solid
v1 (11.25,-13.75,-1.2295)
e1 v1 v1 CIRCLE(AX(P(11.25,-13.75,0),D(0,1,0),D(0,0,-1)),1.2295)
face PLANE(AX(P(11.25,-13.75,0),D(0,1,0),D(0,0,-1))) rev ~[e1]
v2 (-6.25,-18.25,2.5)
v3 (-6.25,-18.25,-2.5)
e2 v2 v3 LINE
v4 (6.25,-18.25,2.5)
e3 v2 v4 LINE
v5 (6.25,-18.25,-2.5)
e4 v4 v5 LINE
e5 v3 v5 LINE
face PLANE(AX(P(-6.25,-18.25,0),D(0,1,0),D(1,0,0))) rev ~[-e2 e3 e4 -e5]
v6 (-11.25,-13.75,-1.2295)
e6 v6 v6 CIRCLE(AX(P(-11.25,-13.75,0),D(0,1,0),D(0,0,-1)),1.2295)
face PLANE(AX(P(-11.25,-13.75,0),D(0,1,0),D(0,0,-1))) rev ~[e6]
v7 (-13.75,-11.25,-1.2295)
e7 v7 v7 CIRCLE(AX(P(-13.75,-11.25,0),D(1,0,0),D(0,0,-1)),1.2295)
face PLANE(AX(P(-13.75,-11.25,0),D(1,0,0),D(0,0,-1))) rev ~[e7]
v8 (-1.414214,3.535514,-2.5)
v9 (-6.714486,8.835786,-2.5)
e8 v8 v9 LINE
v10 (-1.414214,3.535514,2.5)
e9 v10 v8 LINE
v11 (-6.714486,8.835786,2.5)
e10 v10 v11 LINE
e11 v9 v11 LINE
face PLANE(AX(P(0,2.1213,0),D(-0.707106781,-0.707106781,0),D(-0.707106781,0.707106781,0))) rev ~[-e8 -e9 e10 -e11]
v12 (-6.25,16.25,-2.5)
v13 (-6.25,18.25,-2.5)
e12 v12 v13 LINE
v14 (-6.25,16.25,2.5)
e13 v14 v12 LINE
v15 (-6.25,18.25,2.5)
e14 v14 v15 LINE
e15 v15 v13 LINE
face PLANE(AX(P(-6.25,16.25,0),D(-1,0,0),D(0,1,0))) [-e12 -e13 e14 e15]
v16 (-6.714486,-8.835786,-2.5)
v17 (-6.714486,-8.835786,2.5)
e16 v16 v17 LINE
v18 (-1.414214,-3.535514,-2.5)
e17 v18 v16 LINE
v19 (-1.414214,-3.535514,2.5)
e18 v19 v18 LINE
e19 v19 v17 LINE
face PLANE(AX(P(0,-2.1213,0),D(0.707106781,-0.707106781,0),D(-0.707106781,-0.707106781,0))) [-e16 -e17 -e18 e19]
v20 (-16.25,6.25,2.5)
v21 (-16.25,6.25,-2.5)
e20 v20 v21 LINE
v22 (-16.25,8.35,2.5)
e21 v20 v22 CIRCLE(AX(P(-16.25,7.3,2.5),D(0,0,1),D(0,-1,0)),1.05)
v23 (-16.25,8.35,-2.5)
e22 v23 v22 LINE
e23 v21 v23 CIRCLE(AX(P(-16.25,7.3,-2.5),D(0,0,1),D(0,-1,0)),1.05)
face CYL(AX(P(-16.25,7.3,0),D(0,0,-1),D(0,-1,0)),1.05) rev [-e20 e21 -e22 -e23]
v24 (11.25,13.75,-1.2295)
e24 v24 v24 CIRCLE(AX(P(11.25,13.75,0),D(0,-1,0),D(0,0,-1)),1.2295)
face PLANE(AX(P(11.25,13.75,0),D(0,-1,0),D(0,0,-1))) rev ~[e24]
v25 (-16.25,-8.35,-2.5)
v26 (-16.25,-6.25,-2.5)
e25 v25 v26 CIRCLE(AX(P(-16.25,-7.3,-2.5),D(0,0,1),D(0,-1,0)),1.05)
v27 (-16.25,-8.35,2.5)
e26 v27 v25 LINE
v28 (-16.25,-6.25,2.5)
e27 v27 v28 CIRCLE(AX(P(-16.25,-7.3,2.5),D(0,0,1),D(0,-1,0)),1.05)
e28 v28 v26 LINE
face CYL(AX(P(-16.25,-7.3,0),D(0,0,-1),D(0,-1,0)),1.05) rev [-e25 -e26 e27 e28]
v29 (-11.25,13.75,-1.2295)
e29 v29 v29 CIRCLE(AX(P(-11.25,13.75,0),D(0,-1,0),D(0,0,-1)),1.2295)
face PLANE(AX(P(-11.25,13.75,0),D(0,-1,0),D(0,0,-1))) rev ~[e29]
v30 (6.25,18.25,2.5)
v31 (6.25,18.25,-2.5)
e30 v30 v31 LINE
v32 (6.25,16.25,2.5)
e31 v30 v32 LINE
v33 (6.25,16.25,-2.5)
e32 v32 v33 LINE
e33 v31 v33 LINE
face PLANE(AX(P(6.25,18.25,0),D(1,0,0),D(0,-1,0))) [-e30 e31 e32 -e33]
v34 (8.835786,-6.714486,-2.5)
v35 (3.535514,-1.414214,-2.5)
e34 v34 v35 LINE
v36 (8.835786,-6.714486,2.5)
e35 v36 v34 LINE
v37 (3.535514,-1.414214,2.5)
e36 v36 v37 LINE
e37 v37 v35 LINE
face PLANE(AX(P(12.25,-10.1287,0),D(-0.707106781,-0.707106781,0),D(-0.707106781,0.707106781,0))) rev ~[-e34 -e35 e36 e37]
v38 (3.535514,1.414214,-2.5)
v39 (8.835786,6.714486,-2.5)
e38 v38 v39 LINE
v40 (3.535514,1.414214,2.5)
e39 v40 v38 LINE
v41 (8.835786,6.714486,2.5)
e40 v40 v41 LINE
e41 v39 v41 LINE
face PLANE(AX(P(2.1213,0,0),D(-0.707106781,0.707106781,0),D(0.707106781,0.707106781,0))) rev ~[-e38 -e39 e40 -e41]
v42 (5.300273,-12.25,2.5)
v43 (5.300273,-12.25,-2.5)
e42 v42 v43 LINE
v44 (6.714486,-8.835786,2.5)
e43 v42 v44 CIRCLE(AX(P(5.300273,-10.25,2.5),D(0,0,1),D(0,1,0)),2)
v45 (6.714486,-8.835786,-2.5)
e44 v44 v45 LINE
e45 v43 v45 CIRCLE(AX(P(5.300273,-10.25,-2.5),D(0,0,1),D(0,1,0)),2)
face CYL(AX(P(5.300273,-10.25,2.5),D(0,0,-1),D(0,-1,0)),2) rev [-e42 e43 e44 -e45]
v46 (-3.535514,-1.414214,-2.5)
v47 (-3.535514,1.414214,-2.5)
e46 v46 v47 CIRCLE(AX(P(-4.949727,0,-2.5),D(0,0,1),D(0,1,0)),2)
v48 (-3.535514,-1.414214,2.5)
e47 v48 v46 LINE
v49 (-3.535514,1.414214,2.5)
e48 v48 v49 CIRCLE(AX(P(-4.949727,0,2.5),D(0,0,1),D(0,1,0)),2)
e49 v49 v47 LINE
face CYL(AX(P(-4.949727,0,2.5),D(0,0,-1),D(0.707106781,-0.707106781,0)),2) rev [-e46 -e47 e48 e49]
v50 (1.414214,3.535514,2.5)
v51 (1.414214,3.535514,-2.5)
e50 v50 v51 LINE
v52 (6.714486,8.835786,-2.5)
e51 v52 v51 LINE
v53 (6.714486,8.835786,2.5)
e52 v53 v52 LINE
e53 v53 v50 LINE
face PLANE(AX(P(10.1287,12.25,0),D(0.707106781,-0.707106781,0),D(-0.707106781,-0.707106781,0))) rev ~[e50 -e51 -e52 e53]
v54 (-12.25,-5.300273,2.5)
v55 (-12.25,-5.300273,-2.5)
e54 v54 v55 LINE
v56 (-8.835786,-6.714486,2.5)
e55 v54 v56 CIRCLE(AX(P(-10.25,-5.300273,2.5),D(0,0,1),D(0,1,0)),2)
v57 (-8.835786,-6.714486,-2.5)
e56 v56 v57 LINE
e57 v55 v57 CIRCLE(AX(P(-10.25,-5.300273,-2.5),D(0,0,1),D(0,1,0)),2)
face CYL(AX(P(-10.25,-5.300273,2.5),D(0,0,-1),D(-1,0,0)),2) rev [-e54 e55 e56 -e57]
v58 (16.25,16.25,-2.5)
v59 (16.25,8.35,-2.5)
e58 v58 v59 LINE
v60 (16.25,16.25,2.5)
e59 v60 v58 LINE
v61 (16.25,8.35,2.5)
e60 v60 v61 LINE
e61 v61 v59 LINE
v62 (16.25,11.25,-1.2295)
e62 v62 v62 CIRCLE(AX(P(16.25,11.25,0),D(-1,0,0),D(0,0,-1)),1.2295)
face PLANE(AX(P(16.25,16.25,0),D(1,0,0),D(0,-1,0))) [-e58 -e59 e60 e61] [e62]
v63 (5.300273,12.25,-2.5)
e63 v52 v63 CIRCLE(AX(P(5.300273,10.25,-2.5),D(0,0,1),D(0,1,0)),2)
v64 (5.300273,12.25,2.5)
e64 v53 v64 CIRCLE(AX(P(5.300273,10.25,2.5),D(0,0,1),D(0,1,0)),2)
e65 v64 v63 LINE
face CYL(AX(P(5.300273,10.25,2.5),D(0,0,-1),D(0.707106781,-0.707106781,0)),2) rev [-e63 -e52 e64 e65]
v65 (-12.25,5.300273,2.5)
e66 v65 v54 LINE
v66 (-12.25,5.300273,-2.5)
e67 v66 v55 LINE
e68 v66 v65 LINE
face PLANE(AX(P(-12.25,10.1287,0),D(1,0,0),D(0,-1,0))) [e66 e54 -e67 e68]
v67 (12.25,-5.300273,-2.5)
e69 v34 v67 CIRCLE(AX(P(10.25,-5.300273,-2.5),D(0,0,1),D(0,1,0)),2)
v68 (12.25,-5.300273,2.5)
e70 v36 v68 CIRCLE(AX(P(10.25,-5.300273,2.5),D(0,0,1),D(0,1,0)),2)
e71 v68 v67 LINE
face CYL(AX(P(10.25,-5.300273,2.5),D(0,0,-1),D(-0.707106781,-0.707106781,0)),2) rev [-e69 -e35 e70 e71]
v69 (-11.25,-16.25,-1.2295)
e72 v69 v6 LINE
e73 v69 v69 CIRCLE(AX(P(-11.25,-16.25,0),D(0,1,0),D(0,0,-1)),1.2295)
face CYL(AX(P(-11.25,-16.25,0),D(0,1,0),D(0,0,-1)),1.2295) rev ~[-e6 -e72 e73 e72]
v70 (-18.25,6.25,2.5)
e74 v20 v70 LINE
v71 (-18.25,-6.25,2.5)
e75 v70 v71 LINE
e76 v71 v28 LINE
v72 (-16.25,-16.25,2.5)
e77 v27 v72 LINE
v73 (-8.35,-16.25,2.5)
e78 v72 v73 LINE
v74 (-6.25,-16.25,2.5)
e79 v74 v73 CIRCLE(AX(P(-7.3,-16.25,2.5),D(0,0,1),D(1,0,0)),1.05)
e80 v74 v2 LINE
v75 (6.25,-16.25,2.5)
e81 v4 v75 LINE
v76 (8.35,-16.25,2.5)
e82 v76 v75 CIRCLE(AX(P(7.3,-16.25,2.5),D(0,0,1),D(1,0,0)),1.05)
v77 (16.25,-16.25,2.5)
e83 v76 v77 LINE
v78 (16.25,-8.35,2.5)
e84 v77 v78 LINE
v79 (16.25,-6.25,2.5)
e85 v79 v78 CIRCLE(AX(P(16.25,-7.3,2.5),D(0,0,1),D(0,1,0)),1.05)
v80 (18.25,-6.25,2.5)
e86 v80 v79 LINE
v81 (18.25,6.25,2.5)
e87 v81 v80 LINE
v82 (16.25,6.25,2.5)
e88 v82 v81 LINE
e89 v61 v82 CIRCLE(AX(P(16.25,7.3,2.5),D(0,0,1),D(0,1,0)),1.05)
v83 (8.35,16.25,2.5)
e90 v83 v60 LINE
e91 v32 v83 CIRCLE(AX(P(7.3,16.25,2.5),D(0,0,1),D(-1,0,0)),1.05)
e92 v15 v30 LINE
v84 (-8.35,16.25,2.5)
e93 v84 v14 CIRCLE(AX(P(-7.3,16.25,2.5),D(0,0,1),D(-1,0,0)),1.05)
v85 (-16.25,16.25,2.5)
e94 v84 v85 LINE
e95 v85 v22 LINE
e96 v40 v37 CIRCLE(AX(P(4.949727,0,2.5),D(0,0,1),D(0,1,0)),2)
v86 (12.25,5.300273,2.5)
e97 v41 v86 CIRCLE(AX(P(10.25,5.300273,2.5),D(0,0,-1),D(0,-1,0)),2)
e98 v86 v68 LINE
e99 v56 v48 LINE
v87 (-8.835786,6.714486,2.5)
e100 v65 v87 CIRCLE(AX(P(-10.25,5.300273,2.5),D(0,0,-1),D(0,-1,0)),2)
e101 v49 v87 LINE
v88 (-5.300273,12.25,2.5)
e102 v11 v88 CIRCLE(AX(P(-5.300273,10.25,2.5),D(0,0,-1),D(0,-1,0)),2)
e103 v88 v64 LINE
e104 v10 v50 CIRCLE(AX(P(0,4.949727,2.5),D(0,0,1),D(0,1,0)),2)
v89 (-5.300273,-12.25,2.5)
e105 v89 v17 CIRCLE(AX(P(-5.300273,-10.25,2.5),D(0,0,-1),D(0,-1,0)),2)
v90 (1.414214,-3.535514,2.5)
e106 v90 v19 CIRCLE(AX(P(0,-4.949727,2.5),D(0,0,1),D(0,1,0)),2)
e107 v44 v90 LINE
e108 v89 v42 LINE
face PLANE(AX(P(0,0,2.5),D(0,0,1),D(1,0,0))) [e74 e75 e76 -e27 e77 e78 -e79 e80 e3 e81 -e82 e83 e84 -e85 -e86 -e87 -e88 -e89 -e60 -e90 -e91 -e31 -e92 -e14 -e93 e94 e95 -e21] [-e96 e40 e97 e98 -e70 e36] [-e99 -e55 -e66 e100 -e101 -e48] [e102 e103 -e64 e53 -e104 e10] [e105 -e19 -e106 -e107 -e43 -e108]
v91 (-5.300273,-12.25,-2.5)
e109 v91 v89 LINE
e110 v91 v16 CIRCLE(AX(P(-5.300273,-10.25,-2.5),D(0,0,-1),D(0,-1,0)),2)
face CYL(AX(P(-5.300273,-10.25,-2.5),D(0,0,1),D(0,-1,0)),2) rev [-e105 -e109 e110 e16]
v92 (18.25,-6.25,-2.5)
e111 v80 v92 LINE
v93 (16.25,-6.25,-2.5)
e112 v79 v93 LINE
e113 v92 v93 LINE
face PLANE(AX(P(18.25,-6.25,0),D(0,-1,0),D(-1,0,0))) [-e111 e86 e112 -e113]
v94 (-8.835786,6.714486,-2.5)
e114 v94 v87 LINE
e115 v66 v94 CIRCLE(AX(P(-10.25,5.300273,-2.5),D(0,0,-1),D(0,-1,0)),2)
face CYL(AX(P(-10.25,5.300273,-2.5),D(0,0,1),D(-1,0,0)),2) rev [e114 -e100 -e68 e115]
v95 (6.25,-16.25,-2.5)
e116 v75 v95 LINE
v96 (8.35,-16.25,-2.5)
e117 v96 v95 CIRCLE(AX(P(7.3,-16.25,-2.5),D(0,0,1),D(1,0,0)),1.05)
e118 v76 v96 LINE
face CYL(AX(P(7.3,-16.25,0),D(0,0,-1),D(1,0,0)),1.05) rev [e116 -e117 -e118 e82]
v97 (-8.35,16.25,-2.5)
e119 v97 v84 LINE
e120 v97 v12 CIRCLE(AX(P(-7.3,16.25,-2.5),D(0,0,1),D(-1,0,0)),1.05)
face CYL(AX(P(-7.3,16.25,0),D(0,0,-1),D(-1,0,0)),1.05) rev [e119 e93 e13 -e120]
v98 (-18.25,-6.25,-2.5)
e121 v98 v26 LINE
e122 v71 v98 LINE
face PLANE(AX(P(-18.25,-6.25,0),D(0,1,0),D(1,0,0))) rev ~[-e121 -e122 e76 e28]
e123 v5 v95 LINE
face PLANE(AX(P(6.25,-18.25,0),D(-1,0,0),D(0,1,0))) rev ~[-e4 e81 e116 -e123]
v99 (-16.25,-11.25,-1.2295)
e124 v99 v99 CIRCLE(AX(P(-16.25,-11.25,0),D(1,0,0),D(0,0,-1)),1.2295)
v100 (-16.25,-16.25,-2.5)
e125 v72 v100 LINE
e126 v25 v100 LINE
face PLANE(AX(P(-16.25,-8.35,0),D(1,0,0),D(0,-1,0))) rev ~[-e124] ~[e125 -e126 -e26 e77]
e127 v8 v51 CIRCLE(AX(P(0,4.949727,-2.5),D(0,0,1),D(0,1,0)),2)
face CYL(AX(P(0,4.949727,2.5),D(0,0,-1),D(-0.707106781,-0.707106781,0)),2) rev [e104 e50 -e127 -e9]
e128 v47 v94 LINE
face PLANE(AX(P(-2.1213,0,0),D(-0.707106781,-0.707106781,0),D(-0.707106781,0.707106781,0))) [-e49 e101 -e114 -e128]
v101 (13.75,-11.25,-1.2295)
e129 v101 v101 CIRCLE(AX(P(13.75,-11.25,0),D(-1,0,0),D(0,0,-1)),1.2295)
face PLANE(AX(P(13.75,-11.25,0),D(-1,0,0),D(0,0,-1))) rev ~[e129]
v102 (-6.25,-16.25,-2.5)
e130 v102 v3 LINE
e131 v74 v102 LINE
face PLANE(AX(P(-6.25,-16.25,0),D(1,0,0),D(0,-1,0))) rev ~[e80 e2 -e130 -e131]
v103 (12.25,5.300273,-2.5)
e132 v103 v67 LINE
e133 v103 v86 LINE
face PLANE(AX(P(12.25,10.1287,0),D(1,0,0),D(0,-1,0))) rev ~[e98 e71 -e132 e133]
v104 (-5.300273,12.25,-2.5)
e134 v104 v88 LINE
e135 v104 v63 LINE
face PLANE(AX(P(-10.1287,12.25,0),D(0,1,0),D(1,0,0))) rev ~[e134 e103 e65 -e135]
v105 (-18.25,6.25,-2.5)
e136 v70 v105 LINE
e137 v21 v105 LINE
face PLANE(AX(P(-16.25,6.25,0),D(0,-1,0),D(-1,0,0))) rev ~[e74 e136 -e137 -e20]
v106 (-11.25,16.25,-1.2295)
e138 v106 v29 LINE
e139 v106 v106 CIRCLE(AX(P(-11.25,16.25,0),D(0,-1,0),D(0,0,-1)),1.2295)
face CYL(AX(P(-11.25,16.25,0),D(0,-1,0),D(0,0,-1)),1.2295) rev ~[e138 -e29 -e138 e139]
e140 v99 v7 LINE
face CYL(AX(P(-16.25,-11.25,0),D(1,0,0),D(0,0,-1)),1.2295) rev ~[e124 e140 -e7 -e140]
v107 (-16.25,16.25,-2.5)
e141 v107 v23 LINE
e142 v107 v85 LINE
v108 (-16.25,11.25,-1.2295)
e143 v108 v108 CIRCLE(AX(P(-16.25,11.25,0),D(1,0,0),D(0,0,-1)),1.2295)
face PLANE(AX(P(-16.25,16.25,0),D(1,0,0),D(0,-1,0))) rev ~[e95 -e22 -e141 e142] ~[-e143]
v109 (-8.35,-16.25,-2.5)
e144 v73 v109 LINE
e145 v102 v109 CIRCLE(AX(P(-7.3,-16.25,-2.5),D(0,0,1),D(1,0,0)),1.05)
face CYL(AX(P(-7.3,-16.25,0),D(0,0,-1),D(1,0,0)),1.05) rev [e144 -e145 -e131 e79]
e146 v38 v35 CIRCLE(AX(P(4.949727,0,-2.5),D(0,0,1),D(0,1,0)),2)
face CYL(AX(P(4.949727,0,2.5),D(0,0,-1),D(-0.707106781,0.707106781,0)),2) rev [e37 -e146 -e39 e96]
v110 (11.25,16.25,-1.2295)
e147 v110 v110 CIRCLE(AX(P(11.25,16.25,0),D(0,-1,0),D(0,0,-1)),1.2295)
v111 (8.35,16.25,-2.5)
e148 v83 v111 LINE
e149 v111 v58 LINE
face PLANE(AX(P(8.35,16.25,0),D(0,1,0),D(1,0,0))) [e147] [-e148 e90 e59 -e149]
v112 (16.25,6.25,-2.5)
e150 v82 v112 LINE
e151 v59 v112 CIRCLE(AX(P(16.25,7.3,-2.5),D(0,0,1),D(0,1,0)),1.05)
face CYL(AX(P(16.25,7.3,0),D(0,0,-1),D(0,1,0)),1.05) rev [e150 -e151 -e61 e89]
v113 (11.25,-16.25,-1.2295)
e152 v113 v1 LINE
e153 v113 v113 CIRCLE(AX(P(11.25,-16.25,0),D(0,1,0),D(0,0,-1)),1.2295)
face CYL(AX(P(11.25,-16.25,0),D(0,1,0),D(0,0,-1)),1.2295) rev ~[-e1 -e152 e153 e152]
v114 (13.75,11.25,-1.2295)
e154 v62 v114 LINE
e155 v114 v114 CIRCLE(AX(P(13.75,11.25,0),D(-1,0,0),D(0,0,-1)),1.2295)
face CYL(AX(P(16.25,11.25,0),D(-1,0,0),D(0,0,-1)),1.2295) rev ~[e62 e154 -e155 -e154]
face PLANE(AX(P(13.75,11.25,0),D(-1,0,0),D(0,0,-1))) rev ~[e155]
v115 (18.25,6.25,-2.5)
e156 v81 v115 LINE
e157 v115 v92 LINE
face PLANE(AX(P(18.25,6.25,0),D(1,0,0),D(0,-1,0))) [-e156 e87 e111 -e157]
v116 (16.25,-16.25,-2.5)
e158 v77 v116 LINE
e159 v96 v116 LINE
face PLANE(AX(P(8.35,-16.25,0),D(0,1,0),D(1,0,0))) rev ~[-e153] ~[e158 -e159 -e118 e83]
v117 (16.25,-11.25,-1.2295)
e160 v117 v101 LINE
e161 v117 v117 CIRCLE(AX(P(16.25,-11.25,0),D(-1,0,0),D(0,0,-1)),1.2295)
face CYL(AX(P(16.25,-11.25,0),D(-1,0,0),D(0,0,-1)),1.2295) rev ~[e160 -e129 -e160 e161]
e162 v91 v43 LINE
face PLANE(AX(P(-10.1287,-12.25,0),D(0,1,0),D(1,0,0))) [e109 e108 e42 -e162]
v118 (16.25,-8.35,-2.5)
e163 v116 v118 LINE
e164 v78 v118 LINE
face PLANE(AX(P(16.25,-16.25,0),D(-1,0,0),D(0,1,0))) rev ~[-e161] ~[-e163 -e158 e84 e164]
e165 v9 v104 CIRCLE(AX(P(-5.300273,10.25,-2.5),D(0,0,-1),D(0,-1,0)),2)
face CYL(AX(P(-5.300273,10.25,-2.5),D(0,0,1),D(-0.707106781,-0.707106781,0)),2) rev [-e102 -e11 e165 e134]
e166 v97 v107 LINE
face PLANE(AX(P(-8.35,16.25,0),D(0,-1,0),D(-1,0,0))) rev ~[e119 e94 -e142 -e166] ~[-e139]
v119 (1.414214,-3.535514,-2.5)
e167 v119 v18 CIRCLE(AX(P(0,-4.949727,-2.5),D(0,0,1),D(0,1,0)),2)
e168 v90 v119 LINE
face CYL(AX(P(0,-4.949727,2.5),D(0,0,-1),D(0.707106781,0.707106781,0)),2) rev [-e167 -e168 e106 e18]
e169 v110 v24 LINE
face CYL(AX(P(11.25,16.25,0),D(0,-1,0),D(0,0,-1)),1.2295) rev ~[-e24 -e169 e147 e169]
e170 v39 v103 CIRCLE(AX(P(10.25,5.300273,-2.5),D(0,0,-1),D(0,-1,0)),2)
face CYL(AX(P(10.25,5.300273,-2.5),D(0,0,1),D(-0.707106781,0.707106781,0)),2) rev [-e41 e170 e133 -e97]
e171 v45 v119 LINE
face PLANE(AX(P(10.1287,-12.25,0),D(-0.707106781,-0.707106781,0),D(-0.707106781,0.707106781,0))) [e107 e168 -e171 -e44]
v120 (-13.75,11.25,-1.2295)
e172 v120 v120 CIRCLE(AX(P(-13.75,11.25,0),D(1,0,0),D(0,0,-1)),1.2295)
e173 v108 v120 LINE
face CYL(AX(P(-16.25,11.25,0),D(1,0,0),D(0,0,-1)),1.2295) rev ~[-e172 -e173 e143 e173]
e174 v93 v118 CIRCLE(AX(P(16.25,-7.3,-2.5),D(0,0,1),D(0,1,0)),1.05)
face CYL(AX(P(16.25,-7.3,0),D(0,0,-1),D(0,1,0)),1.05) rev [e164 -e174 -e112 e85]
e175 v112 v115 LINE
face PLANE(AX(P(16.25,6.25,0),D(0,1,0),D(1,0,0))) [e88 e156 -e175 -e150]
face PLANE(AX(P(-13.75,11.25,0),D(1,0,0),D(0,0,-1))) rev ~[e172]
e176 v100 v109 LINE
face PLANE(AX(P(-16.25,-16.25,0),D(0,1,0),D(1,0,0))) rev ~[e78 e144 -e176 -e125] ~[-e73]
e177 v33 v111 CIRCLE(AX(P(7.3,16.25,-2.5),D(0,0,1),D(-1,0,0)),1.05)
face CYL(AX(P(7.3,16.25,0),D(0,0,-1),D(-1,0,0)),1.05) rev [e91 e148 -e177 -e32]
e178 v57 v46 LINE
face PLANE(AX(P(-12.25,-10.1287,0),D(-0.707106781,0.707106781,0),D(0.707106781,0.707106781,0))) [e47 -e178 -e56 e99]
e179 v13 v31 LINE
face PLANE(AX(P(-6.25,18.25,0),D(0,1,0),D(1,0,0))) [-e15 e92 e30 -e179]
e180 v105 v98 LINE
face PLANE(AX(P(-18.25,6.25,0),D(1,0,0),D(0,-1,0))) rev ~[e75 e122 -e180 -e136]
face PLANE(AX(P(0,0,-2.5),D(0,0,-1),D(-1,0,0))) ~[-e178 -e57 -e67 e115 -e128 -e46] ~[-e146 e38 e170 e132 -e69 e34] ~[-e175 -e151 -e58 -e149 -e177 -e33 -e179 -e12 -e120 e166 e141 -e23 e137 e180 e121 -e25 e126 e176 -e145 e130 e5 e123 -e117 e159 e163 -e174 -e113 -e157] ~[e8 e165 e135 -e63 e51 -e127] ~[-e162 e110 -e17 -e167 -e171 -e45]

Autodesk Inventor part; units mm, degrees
ref_plane "YZ Plane" through (0, 0, 0) normal (1, 0, 0) x (0, 1, 0)
ref_plane "XZ Plane" through (0, 0, 0) normal (0, 1, 0) x (-1, 0, 0)
ref_plane "XY Plane" through (0, 0, 0) normal (0, 0, 1) x (1, 0, 0)
sketch "スケッチ1" plane through (0, 0, 0) normal (0, 0, 1) x (1, 0, 0)
  line L0 (-16.25, -16.25) -> (16.25, -16.25) construction
  line L1 (16.25, -16.25) -> (16.25, 16.25) construction
  line L2 (16.25, 16.25) -> (-16.25, 16.25) construction
  line L3 (-16.25, 16.25) -> (-16.25, -16.25) construction
  line L4 (-16.25, -16.25) -> (16.25, 16.25) construction
  line L5 (16.25, -16.25) -> (-16.25, 16.25) construction
  line L6 (-8.35, 16.25) -> (-16.25, 16.25)
  line L7 (-16.25, 16.25) -> (-16.25, 8.35)
  line L8 (8.35, 16.25) -> (16.25, 16.25)
  line L9 (16.25, 16.25) -> (16.25, 8.35)
  line L10 (-16.25, -8.35) -> (-16.25, -16.25)
  line L11 (-16.25, -16.25) -> (-8.35, -16.25)
  line L12 (8.35, -16.25) -> (16.25, -16.25)
  line L13 (16.25, -16.25) -> (16.25, -8.35)
  line L14 (-6.25, 16.25) -> (-6.25, 18.25)
  line L15 (-6.25, 18.25) -> (6.25, 18.25)
  line L16 (6.25, 18.25) -> (6.25, 16.25)
  arc A0 (-8.35, 16.25) -> (-6.25, 16.25) centre (-7.3, 16.25) ccw
  arc A1 (6.25, 16.25) -> (8.35, 16.25) centre (7.3, 16.25) ccw
  line L17 (0, 16.25) -> (0, 0) construction
  line L18 (0, 0) -> (16.25, 0) construction
  line L19 (-16.25, 6.25) -> (-18.25, 6.25)
  line L20 (-18.25, 6.25) -> (-18.25, -6.25)
  line L21 (-18.25, -6.25) -> (-16.25, -6.25)
  arc A2 (-16.25, 6.25) -> (-16.25, 8.35) centre (-16.25, 7.3) ccw
  arc A3 (-16.25, -8.35) -> (-16.25, -6.25) centre (-16.25, -7.3) ccw
  line L22 (-6.25, -16.25) -> (-6.25, -18.25)
  line L23 (-6.25, -18.25) -> (6.25, -18.25)
  line L24 (6.25, -18.25) -> (6.25, -16.25)
  arc A4 (-6.25, -16.25) -> (-8.35, -16.25) centre (-7.3, -16.25) ccw
  arc A5 (8.35, -16.25) -> (6.25, -16.25) centre (7.3, -16.25) ccw
  line L25 (16.25, 6.25) -> (18.25, 6.25)
  line L26 (18.25, 6.25) -> (18.25, -6.25)
  line L27 (18.25, -6.25) -> (16.25, -6.25)
  arc A6 (16.25, 8.35) -> (16.25, 6.25) centre (16.25, 7.3) ccw
  arc A7 (16.25, -6.25) -> (16.25, -8.35) centre (16.25, -7.3) ccw
  line L28 (-12.8, 16.25) -> (-9.7, 16.25) construction
  line L29 (-9.7, 16.25) -> (-9.7, 13.25) construction
  line L30 (-9.7, 13.25) -> (-12.8, 13.25) construction
  line L31 (-12.8, 13.25) -> (-12.8, 16.25) construction
  line L32 (-16.25, 12.8) -> (-13.25, 12.8) construction
  line L33 (-13.25, 12.8) -> (-13.25, 9.7) construction
  line L34 (-13.25, 9.7) -> (-16.25, 9.7) construction
  line L35 (-16.25, 9.7) -> (-16.25, 12.8) construction
  line L36 (-10.1287, 12.25) -> (10.1287, 12.25)
  line L37 (10.1287, 12.25) -> (0, 2.1213)
  line L38 (0, 2.1213) -> (-10.1287, 12.25)
  line L39 (-12.25, 10.1287) -> (-12.25, -10.1287)
  line L40 (-12.25, -10.1287) -> (-2.1213, 0)
  line L41 (-2.1213, 0) -> (-12.25, 10.1287)
  line L42 (-10.1287, -12.25) -> (10.1287, -12.25)
  line L43 (10.1287, -12.25) -> (0, -2.1213)
  line L44 (0, -2.1213) -> (-10.1287, -12.25)
  line L45 (12.25, 10.1287) -> (12.25, -10.1287)
  line L46 (12.25, -10.1287) -> (2.1213, 0)
  line L47 (2.1213, 0) -> (12.25, 10.1287)
  line L48 (-11.25, 16.25) -> (-11.25, 13.25) construction
  line L49 (-13.25, 11.25) -> (-16.25, 11.25) construction
  dimension "d0" = 32.5
  dimension "d1" = 1.05
  dimension "d2" = 2
  dimension "d3" = 10
  dimension "d4" = 3.1
  dimension "d6" = 3
  dimension "d8" = 3
  dimension "d9" = 3
  dimension "d10" = 3
  dimension "d11" = 3
  dimension "d12" = 3
  dimension "d13" = 4
  dimension "d17" = 5
  dimension "d18" = 5
extrude "押し出し1" add sketch "スケッチ1" along normal blind 2.5
mirror "ミラー1" about plane through (0, 0, 0) normal (0, 0, -1) of "押し出し1"
sketch "スケッチ2" plane through (-16.25, -16.25, 2.5) normal (0, -1, 0) x (1, 0, 0)
  line L0 (0, -5) -> (0, 0) projected
  line L1 (10, 0) -> (22.5, 0) construction
  line L2 (16.25, 0) -> (16.25, -5) construction
  point P0 (16.25, -2.5)
  point P1 (5, -2.5)
  point P2 (27.5, -2.5)
  point P3 (0, -2.5)
  dimension "d19" = 5
hole "穴1" at (-11.25, -16.25, 0) at (11.25, -16.25, 0) direction (0, 1, 0) diameter 2.459 depth 2.5 thread size "M3x0.5" class "6H" standard "ISO Metric profile"
pattern_circular "円形状パターン1" count 4 over 360 about axis through (0, 0, -10) along (0, 0, 1) of "穴1"
fillet "フィレット1" radius 2 12 edges at (12.25, 10.1287, 0) (12.25, -10.1287, 0) (10.1287, -12.25, 0) (0, 2.1213, 0) (-2.1213, 0, 0) (-10.1287, -12.25, 0) (-12.25, -10.1287, 0) (10.1287, 12.25, 0) (-12.25, 10.1287, 0) (-10.1287, 12.25, 0) (0, -2.1213, 0) (2.1213, 0, 0)
equation "\"d8\" = d6"
equation "\"d10\" = d9"
equation "\"d11\" = d10"
equation "\"d12\" = d11"
equation "\"d18\" = d17"
equation "\"d19\" = d17"
properties part number "上腕_メインフレーム_1_1" material "アセタール樹脂、黒"
